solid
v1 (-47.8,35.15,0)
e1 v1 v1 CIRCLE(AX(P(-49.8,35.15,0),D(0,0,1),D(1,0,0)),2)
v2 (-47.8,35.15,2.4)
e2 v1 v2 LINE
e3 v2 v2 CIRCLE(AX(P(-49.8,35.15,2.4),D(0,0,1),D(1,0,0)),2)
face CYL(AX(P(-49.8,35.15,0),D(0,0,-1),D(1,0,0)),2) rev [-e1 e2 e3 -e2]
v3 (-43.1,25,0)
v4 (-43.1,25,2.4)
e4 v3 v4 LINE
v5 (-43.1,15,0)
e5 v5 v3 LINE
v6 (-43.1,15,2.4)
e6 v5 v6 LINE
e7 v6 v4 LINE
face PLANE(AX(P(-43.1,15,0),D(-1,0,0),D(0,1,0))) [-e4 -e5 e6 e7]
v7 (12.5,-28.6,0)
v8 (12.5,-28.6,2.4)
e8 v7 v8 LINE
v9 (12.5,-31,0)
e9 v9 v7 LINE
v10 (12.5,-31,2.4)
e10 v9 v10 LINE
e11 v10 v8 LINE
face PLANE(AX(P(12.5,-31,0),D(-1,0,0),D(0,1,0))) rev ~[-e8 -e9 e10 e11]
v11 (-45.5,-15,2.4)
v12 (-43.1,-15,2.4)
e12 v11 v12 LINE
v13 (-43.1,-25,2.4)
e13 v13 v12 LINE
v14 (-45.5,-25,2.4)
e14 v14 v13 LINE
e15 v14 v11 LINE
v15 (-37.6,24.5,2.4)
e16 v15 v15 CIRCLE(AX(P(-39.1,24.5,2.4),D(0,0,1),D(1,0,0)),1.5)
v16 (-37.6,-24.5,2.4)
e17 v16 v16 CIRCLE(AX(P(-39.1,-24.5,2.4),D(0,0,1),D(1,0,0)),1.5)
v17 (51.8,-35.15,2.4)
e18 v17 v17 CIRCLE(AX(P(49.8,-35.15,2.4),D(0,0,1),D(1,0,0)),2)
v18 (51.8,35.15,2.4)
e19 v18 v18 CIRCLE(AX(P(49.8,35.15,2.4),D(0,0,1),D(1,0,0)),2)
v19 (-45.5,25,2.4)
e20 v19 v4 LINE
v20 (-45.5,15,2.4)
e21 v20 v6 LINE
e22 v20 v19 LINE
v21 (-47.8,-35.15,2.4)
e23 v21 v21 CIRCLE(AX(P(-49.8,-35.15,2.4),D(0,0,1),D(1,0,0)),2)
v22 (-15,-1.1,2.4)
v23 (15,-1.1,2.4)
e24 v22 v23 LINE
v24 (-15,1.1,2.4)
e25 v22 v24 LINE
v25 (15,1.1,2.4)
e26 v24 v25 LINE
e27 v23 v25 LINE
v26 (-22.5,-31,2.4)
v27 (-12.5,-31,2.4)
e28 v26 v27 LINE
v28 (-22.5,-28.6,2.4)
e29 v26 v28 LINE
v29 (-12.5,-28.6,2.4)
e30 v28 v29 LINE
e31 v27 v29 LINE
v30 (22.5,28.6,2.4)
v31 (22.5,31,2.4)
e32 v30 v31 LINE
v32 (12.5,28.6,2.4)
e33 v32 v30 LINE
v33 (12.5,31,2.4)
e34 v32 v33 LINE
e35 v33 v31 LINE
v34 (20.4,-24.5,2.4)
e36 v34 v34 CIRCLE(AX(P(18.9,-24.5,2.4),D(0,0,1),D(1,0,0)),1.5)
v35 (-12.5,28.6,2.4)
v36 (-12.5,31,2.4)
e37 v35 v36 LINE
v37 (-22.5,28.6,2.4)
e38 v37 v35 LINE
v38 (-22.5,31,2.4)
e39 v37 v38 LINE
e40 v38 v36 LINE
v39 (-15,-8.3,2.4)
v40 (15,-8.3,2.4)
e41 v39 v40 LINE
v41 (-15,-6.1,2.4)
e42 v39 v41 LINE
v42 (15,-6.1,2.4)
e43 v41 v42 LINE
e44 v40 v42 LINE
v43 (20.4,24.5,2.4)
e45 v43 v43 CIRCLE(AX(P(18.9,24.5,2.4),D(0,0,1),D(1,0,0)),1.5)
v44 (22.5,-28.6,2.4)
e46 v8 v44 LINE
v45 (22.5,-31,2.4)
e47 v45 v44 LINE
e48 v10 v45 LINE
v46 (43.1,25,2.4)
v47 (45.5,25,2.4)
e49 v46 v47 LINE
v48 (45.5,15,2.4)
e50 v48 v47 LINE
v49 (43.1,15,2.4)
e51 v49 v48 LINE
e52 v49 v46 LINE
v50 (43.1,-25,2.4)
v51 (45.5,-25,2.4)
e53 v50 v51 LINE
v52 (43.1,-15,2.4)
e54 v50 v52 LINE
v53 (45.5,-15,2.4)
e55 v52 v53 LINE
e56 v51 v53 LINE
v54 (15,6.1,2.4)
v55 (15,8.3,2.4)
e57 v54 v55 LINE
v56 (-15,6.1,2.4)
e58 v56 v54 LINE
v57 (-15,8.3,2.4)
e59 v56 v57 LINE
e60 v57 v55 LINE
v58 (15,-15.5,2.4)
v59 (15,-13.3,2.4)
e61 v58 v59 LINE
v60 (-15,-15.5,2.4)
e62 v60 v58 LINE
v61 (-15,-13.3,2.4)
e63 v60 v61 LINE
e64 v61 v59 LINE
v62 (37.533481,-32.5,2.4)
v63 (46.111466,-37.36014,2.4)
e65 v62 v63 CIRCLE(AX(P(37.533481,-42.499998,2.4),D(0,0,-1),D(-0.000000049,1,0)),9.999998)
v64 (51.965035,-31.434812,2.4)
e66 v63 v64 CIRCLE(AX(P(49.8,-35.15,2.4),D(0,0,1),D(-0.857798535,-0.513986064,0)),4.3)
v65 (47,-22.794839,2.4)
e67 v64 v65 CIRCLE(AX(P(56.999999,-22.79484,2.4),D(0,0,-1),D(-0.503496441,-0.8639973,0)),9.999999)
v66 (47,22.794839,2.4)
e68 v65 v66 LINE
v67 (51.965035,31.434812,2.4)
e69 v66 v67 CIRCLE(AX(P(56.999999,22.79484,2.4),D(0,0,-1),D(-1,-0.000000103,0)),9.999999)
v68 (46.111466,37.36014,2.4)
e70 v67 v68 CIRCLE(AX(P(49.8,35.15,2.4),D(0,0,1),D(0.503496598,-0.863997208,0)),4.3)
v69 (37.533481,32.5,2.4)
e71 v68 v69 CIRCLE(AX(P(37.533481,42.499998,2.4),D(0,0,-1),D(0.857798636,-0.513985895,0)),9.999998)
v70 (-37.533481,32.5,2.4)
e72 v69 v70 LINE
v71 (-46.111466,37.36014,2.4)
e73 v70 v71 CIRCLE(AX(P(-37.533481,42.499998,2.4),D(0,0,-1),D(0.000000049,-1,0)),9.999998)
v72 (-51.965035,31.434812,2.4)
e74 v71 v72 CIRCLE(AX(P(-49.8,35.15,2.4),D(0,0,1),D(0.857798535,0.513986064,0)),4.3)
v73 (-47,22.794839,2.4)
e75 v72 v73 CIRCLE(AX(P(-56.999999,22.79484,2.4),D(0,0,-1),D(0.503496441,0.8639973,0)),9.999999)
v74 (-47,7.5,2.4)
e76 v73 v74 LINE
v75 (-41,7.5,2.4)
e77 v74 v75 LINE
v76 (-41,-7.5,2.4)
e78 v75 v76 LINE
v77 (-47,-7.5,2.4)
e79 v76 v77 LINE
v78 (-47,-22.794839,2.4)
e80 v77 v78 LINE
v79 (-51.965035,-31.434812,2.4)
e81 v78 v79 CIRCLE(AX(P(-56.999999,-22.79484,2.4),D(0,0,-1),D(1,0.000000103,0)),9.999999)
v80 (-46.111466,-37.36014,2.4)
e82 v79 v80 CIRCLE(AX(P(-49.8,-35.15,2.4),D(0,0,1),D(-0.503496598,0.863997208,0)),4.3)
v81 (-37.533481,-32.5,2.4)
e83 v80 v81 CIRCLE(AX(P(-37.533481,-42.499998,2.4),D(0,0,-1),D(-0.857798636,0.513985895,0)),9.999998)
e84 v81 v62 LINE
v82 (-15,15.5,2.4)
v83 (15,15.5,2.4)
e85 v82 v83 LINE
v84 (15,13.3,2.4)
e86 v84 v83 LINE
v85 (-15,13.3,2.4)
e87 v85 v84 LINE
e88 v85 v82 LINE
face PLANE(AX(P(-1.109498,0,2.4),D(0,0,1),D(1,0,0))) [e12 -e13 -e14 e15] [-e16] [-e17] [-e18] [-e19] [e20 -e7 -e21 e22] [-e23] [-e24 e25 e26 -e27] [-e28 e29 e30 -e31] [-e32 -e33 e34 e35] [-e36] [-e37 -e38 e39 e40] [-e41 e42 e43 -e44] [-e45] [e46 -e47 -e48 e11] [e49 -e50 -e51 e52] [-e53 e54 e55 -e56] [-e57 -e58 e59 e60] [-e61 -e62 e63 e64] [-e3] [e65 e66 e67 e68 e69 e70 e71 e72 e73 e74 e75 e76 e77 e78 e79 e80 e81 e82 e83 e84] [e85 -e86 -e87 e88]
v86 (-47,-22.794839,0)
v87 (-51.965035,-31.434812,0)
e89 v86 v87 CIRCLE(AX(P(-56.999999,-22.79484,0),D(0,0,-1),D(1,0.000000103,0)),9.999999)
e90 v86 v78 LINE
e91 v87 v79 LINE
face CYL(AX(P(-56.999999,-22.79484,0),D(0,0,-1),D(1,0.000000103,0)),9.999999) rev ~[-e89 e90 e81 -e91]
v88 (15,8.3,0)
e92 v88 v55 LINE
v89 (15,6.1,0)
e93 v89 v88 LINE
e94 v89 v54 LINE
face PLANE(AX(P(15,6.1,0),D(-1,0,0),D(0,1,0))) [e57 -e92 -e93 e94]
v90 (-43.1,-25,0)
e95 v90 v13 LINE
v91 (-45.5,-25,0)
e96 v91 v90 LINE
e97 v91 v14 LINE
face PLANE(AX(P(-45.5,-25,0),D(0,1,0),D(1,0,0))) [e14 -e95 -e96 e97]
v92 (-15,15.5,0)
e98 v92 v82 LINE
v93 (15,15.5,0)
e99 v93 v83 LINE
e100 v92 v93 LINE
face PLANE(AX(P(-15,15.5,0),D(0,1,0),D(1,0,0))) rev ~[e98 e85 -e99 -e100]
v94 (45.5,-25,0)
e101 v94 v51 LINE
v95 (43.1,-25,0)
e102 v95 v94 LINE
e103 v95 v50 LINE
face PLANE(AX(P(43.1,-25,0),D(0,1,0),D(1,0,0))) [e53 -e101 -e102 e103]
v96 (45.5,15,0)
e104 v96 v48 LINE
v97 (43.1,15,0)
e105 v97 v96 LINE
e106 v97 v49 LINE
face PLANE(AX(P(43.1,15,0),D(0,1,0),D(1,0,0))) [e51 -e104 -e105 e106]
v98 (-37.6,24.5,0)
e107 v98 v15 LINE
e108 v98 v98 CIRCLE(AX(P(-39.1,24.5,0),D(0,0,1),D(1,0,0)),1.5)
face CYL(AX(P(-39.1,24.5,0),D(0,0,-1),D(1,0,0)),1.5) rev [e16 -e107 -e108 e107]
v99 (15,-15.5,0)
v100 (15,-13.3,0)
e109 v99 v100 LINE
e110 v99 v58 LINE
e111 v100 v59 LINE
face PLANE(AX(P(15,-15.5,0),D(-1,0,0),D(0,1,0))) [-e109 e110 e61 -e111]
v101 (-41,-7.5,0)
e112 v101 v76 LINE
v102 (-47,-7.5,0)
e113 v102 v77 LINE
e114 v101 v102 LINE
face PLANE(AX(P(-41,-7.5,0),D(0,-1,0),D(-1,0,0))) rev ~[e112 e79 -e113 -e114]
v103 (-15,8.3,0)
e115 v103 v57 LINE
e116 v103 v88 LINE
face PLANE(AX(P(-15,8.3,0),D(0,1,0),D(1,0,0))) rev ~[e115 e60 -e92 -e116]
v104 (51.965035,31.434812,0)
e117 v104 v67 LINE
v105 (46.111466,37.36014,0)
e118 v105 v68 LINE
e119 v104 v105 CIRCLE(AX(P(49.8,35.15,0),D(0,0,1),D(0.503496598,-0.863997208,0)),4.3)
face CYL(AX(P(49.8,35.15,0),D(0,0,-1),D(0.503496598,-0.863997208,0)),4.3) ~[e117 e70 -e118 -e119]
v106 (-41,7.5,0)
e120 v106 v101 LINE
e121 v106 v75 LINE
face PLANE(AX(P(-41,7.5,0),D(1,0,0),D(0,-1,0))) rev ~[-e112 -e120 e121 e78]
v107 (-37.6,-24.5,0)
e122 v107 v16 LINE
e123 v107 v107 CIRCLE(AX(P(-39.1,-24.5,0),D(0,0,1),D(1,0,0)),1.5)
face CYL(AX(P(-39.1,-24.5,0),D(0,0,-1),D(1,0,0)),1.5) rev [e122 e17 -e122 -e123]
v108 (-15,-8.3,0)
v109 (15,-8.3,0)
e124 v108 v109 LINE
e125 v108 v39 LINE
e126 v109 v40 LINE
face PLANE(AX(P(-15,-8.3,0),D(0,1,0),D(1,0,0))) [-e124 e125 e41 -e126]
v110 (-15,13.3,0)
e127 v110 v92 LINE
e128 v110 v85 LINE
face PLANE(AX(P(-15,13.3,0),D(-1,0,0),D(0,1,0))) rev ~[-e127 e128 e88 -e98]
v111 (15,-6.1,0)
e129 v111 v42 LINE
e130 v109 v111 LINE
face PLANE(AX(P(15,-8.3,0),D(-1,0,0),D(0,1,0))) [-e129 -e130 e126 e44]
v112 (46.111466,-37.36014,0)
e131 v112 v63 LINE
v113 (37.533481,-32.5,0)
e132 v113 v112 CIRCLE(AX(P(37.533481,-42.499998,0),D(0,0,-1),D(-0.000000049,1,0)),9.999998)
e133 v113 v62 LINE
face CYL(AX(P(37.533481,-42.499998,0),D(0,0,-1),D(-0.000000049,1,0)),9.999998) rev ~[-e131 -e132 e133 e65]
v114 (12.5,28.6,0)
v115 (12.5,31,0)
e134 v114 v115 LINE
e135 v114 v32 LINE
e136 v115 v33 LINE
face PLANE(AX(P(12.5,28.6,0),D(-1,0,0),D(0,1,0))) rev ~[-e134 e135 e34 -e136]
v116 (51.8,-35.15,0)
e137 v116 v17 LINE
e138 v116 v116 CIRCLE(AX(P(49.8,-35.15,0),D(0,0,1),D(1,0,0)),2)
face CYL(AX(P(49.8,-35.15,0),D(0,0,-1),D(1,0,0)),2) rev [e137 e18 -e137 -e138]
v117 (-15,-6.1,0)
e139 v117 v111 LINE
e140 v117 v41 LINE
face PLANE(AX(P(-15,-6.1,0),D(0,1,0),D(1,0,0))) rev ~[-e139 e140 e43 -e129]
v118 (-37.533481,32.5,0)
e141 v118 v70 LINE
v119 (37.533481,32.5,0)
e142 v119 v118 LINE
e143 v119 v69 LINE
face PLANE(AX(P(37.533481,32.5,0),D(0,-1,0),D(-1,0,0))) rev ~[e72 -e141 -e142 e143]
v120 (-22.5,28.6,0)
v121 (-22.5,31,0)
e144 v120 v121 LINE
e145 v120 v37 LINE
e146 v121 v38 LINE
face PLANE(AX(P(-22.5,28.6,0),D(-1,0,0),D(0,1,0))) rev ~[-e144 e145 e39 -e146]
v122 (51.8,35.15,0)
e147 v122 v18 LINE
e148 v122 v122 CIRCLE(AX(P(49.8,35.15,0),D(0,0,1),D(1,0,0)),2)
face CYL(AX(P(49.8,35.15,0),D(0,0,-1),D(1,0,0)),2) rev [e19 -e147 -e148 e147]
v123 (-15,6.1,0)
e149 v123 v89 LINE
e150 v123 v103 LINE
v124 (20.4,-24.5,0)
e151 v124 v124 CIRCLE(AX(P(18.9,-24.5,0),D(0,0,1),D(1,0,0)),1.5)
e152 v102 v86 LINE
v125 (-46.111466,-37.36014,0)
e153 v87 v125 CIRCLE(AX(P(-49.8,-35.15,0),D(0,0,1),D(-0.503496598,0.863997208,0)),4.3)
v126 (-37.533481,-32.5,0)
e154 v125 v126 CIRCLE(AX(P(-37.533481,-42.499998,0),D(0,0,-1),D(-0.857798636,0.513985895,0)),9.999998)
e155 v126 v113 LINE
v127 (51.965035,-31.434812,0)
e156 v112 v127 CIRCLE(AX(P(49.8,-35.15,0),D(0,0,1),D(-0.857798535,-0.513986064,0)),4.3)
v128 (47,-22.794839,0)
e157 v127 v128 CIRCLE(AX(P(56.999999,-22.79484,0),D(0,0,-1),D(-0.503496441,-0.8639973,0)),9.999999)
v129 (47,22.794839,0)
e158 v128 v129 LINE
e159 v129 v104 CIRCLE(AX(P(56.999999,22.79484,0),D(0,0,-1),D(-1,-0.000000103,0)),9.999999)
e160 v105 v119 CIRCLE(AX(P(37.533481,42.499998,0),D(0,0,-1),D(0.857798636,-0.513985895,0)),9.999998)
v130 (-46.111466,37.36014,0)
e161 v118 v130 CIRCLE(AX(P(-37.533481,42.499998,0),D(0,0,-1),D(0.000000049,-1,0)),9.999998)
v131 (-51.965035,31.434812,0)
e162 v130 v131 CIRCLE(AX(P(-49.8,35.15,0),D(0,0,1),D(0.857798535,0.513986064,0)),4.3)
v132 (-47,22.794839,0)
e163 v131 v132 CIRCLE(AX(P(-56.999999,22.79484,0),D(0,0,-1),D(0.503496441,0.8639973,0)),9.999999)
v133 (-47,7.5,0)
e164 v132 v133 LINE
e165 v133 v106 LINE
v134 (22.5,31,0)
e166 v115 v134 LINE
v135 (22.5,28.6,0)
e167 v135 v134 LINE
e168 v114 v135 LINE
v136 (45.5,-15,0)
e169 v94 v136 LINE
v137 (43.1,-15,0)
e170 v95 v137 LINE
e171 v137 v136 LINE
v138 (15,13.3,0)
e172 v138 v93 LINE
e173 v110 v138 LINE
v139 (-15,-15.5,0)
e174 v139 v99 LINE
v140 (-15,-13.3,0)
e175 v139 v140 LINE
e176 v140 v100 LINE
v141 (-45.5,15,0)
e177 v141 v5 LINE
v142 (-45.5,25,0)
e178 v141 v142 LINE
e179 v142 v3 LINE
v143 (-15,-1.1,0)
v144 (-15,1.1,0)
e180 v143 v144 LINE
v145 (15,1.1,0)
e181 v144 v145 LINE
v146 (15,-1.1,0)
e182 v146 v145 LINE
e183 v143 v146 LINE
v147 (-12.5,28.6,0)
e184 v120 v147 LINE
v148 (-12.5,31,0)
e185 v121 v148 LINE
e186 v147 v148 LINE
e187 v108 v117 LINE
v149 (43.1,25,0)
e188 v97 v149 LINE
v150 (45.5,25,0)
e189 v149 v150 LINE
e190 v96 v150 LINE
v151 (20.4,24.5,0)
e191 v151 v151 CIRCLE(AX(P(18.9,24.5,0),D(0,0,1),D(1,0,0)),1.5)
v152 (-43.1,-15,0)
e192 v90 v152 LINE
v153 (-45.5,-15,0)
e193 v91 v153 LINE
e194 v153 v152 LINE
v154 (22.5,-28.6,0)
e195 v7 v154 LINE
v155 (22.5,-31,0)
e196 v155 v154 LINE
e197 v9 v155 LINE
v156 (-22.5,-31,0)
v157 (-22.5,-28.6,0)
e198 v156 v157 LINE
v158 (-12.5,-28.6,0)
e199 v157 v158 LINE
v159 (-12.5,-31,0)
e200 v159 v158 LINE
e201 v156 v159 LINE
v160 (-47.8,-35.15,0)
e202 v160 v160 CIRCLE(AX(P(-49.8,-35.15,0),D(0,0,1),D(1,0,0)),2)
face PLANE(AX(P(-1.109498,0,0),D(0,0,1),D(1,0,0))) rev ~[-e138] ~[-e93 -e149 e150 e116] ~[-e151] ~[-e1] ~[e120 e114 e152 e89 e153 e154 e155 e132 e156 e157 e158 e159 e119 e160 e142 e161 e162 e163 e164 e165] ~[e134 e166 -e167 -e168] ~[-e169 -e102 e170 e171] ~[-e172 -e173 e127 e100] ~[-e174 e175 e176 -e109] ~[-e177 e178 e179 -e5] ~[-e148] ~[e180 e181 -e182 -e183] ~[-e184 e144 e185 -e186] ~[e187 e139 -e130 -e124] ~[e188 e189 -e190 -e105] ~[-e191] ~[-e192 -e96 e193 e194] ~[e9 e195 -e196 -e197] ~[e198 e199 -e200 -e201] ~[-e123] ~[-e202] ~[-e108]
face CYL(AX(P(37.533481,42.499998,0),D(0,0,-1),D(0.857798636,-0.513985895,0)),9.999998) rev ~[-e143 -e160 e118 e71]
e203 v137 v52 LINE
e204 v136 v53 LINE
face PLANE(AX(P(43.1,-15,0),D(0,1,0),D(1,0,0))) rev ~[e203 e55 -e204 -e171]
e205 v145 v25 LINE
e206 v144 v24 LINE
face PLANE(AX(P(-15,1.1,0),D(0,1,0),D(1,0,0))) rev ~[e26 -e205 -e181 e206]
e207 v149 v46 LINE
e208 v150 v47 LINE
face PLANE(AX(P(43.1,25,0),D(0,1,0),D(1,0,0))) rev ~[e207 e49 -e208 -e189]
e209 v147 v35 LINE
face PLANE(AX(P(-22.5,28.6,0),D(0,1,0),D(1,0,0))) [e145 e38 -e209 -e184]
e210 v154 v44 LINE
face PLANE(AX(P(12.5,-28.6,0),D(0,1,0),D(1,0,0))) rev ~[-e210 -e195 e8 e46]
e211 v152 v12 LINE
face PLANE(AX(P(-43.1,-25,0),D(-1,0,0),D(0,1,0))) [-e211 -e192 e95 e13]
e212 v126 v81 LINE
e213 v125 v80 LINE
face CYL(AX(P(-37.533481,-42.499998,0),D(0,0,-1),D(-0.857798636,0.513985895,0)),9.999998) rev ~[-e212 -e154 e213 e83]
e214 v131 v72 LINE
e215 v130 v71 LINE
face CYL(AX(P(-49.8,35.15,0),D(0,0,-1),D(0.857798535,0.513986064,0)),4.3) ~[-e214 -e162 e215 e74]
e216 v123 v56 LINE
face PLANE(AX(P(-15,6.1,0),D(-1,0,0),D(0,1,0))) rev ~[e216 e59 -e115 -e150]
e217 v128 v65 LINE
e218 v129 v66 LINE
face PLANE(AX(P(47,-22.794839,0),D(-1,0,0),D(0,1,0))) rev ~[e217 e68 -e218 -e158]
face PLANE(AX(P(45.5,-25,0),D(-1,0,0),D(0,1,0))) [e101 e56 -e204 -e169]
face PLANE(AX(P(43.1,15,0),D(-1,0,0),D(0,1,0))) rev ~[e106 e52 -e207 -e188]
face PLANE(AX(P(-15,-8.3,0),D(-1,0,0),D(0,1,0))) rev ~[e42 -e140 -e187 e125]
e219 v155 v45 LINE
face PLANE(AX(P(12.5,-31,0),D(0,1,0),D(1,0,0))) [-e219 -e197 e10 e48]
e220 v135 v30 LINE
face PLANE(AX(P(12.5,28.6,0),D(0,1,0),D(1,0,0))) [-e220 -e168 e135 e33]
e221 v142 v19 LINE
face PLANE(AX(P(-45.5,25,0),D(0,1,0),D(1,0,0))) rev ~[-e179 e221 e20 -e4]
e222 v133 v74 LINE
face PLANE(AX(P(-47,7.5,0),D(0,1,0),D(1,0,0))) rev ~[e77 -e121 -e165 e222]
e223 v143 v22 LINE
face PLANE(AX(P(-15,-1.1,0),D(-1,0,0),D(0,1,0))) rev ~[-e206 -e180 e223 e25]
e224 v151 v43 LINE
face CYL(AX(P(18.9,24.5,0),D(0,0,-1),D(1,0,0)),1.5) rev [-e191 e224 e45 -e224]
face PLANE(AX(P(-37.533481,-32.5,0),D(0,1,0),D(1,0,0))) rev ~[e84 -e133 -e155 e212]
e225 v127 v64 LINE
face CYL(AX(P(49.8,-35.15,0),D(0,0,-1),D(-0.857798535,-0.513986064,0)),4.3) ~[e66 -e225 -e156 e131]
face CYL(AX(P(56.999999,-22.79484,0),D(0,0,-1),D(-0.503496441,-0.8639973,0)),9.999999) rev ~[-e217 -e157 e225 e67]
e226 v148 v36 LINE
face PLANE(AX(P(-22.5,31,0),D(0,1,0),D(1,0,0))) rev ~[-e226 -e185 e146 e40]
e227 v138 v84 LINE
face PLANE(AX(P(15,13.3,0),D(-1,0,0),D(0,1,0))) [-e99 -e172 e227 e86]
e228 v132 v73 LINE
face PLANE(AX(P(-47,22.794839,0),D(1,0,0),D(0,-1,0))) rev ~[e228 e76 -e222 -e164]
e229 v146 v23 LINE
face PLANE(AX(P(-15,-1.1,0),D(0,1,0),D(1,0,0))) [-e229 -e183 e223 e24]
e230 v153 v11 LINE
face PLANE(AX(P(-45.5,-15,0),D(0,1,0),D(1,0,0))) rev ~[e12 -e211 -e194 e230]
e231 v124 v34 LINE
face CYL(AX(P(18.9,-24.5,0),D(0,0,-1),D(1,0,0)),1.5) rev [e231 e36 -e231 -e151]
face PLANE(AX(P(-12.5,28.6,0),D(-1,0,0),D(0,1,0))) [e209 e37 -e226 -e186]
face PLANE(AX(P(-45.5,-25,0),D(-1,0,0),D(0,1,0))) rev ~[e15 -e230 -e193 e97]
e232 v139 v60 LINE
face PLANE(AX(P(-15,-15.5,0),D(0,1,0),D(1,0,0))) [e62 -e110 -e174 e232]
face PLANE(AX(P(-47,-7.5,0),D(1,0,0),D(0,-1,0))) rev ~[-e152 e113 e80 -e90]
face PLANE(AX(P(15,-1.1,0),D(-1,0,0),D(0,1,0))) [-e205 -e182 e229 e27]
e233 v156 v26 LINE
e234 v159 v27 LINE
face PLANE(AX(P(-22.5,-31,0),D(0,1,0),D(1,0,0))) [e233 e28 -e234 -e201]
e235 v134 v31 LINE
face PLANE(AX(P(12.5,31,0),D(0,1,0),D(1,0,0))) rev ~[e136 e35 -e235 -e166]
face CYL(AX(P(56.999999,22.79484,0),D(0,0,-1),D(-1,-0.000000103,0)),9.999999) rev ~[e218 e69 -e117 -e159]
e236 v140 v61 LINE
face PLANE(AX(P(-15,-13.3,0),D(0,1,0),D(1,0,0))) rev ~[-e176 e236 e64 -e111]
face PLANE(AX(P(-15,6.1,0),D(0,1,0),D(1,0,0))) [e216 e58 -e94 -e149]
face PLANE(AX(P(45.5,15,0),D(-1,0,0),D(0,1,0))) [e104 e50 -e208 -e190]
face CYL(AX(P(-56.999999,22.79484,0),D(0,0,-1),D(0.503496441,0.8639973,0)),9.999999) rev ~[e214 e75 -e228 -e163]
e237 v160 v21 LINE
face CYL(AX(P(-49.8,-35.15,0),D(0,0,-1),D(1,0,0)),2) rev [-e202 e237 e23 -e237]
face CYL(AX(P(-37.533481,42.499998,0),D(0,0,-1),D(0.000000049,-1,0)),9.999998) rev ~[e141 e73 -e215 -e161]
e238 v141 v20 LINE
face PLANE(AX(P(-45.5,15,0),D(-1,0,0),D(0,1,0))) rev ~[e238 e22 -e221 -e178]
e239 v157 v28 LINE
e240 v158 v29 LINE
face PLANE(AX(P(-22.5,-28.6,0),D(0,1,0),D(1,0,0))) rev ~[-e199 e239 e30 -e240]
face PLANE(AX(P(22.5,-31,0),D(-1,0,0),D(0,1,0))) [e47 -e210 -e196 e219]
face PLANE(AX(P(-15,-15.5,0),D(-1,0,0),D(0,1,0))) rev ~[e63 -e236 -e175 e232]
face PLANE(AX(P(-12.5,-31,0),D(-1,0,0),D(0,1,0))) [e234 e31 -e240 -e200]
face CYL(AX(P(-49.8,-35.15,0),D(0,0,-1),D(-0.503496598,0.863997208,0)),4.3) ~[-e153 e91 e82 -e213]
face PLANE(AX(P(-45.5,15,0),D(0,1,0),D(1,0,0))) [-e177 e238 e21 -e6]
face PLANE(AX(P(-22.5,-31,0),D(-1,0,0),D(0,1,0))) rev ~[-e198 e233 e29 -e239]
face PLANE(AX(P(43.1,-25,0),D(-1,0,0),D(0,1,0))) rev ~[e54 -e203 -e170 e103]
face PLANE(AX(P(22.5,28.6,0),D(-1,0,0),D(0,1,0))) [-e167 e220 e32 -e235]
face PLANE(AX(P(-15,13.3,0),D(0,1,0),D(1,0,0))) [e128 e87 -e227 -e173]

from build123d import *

# Parameters (mm, degrees)
F0_R     = 2
F0_W     = 2.4
F0_H     = 10
F0_R_2   = 1.5
F0_W_2   = 10
F0_H_2   = 2.4
F0_W_3   = 30
F0_H_3   = 2.2
F1_DEPTH = 2.4


with BuildPart() as f1:
    # F0 (on Top) → F1 (new body)
    with BuildSketch(Plane.XY):
        with BuildLine():
            ThreePointArc((46.111466, 37.36014), (42.463054, 33.799465), (37.533481, 32.5))
            Line((37.533481, 32.5), (-37.533481, 32.5))
            ThreePointArc((-37.533481, 32.5), (-42.463054, 33.799465), (-46.111466, 37.36014))
            ThreePointArc((-46.111466, 37.36014), (-52.859026, 38.171979), (-51.965035, 31.434812))
            ThreePointArc((-51.965035, 31.434812), (-48.329658, 27.777326), (-47, 22.794839))
            Line((-47, 22.794839), (-47, 7.5))
            Line((-47, 7.5), (-41, 7.5))
            Line((-41, 7.5), (-41, -7.5))
            Line((-41, -7.5), (-47, -7.5))
            Line((-47, -7.5), (-47, -22.794839))
            ThreePointArc((-47, -22.794839), (-48.329658, -27.777326), (-51.965035, -31.434812))
            ThreePointArc((-51.965035, -31.434812), (-52.859026, -38.171979), (-46.111466, -37.36014))
            ThreePointArc((-46.111466, -37.36014), (-42.463054, -33.799465), (-37.533481, -32.5))
            Line((-37.533481, -32.5), (37.533481, -32.5))
            ThreePointArc((37.533481, -32.5), (42.463054, -33.799465), (46.111466, -37.36014))
            ThreePointArc((46.111466, -37.36014), (52.859026, -38.171979), (51.965035, -31.434812))
            ThreePointArc((51.965035, -31.434812), (48.329658, -27.777326), (47, -22.794839))
            Line((47, -22.794839), (47, 22.794839))
            ThreePointArc((47, 22.794839), (48.329658, 27.777326), (51.965035, 31.434812))
            ThreePointArc((51.965035, 31.434812), (52.859026, 38.171979), (46.111466, 37.36014))
        make_face()
        with Locations((-49.8, -35.15)):
            Circle(F0_R, mode=Mode.SUBTRACT)
        with Locations((-44.3, -20)):
            Rectangle(F0_W, F0_H, mode=Mode.SUBTRACT)
        with Locations((-39.1, -24.5)):
            Circle(F0_R_2, mode=Mode.SUBTRACT)
        with Locations((-17.5, -29.8)):
            Rectangle(F0_W_2, F0_H_2, mode=Mode.SUBTRACT)
        with Locations((17.5, -29.8)):
            Rectangle(F0_W_2, F0_H_2, mode=Mode.SUBTRACT)
        with Locations((18.9, -24.5)):
            Circle(F0_R_2, mode=Mode.SUBTRACT)
        with Locations((49.8, -35.15)):
            Circle(F0_R, mode=Mode.SUBTRACT)
        with Locations((44.3, -20)):
            Rectangle(F0_W, F0_H, mode=Mode.SUBTRACT)
        with Locations((0, -14.4)):
            Rectangle(F0_W_3, F0_H_3, mode=Mode.SUBTRACT)
        with Locations((0, -7.2)):
            Rectangle(F0_W_3, F0_H_3, mode=Mode.SUBTRACT)
        with Locations((-44.3, 20)):
            Rectangle(F0_W, F0_H, mode=Mode.SUBTRACT)
        with Locations((-39.1, 24.5)):
            Circle(F0_R_2, mode=Mode.SUBTRACT)
        with Locations((-49.8, 35.15)):
            Circle(F0_R, mode=Mode.SUBTRACT)
        with Locations((-17.5, 29.8)):
            Rectangle(F0_W_2, F0_H_2, mode=Mode.SUBTRACT)
        Rectangle(F0_W_3, F0_H_3, mode=Mode.SUBTRACT)
        with Locations((0, 7.2)):
            Rectangle(F0_W_3, F0_H_3, mode=Mode.SUBTRACT)
        with Locations((0, 14.4)):
            Rectangle(F0_W_3, F0_H_3, mode=Mode.SUBTRACT)
        with Locations((18.9, 24.5)):
            Circle(F0_R_2, mode=Mode.SUBTRACT)
        with Locations((17.5, 29.8)):
            Rectangle(F0_W_2, F0_H_2, mode=Mode.SUBTRACT)
        with Locations((44.3, 20)):
            Rectangle(F0_W, F0_H, mode=Mode.SUBTRACT)
        with Locations((49.8, 35.15)):
            Circle(F0_R, mode=Mode.SUBTRACT)
    extrude(amount=F1_DEPTH)


solid = f1.part
